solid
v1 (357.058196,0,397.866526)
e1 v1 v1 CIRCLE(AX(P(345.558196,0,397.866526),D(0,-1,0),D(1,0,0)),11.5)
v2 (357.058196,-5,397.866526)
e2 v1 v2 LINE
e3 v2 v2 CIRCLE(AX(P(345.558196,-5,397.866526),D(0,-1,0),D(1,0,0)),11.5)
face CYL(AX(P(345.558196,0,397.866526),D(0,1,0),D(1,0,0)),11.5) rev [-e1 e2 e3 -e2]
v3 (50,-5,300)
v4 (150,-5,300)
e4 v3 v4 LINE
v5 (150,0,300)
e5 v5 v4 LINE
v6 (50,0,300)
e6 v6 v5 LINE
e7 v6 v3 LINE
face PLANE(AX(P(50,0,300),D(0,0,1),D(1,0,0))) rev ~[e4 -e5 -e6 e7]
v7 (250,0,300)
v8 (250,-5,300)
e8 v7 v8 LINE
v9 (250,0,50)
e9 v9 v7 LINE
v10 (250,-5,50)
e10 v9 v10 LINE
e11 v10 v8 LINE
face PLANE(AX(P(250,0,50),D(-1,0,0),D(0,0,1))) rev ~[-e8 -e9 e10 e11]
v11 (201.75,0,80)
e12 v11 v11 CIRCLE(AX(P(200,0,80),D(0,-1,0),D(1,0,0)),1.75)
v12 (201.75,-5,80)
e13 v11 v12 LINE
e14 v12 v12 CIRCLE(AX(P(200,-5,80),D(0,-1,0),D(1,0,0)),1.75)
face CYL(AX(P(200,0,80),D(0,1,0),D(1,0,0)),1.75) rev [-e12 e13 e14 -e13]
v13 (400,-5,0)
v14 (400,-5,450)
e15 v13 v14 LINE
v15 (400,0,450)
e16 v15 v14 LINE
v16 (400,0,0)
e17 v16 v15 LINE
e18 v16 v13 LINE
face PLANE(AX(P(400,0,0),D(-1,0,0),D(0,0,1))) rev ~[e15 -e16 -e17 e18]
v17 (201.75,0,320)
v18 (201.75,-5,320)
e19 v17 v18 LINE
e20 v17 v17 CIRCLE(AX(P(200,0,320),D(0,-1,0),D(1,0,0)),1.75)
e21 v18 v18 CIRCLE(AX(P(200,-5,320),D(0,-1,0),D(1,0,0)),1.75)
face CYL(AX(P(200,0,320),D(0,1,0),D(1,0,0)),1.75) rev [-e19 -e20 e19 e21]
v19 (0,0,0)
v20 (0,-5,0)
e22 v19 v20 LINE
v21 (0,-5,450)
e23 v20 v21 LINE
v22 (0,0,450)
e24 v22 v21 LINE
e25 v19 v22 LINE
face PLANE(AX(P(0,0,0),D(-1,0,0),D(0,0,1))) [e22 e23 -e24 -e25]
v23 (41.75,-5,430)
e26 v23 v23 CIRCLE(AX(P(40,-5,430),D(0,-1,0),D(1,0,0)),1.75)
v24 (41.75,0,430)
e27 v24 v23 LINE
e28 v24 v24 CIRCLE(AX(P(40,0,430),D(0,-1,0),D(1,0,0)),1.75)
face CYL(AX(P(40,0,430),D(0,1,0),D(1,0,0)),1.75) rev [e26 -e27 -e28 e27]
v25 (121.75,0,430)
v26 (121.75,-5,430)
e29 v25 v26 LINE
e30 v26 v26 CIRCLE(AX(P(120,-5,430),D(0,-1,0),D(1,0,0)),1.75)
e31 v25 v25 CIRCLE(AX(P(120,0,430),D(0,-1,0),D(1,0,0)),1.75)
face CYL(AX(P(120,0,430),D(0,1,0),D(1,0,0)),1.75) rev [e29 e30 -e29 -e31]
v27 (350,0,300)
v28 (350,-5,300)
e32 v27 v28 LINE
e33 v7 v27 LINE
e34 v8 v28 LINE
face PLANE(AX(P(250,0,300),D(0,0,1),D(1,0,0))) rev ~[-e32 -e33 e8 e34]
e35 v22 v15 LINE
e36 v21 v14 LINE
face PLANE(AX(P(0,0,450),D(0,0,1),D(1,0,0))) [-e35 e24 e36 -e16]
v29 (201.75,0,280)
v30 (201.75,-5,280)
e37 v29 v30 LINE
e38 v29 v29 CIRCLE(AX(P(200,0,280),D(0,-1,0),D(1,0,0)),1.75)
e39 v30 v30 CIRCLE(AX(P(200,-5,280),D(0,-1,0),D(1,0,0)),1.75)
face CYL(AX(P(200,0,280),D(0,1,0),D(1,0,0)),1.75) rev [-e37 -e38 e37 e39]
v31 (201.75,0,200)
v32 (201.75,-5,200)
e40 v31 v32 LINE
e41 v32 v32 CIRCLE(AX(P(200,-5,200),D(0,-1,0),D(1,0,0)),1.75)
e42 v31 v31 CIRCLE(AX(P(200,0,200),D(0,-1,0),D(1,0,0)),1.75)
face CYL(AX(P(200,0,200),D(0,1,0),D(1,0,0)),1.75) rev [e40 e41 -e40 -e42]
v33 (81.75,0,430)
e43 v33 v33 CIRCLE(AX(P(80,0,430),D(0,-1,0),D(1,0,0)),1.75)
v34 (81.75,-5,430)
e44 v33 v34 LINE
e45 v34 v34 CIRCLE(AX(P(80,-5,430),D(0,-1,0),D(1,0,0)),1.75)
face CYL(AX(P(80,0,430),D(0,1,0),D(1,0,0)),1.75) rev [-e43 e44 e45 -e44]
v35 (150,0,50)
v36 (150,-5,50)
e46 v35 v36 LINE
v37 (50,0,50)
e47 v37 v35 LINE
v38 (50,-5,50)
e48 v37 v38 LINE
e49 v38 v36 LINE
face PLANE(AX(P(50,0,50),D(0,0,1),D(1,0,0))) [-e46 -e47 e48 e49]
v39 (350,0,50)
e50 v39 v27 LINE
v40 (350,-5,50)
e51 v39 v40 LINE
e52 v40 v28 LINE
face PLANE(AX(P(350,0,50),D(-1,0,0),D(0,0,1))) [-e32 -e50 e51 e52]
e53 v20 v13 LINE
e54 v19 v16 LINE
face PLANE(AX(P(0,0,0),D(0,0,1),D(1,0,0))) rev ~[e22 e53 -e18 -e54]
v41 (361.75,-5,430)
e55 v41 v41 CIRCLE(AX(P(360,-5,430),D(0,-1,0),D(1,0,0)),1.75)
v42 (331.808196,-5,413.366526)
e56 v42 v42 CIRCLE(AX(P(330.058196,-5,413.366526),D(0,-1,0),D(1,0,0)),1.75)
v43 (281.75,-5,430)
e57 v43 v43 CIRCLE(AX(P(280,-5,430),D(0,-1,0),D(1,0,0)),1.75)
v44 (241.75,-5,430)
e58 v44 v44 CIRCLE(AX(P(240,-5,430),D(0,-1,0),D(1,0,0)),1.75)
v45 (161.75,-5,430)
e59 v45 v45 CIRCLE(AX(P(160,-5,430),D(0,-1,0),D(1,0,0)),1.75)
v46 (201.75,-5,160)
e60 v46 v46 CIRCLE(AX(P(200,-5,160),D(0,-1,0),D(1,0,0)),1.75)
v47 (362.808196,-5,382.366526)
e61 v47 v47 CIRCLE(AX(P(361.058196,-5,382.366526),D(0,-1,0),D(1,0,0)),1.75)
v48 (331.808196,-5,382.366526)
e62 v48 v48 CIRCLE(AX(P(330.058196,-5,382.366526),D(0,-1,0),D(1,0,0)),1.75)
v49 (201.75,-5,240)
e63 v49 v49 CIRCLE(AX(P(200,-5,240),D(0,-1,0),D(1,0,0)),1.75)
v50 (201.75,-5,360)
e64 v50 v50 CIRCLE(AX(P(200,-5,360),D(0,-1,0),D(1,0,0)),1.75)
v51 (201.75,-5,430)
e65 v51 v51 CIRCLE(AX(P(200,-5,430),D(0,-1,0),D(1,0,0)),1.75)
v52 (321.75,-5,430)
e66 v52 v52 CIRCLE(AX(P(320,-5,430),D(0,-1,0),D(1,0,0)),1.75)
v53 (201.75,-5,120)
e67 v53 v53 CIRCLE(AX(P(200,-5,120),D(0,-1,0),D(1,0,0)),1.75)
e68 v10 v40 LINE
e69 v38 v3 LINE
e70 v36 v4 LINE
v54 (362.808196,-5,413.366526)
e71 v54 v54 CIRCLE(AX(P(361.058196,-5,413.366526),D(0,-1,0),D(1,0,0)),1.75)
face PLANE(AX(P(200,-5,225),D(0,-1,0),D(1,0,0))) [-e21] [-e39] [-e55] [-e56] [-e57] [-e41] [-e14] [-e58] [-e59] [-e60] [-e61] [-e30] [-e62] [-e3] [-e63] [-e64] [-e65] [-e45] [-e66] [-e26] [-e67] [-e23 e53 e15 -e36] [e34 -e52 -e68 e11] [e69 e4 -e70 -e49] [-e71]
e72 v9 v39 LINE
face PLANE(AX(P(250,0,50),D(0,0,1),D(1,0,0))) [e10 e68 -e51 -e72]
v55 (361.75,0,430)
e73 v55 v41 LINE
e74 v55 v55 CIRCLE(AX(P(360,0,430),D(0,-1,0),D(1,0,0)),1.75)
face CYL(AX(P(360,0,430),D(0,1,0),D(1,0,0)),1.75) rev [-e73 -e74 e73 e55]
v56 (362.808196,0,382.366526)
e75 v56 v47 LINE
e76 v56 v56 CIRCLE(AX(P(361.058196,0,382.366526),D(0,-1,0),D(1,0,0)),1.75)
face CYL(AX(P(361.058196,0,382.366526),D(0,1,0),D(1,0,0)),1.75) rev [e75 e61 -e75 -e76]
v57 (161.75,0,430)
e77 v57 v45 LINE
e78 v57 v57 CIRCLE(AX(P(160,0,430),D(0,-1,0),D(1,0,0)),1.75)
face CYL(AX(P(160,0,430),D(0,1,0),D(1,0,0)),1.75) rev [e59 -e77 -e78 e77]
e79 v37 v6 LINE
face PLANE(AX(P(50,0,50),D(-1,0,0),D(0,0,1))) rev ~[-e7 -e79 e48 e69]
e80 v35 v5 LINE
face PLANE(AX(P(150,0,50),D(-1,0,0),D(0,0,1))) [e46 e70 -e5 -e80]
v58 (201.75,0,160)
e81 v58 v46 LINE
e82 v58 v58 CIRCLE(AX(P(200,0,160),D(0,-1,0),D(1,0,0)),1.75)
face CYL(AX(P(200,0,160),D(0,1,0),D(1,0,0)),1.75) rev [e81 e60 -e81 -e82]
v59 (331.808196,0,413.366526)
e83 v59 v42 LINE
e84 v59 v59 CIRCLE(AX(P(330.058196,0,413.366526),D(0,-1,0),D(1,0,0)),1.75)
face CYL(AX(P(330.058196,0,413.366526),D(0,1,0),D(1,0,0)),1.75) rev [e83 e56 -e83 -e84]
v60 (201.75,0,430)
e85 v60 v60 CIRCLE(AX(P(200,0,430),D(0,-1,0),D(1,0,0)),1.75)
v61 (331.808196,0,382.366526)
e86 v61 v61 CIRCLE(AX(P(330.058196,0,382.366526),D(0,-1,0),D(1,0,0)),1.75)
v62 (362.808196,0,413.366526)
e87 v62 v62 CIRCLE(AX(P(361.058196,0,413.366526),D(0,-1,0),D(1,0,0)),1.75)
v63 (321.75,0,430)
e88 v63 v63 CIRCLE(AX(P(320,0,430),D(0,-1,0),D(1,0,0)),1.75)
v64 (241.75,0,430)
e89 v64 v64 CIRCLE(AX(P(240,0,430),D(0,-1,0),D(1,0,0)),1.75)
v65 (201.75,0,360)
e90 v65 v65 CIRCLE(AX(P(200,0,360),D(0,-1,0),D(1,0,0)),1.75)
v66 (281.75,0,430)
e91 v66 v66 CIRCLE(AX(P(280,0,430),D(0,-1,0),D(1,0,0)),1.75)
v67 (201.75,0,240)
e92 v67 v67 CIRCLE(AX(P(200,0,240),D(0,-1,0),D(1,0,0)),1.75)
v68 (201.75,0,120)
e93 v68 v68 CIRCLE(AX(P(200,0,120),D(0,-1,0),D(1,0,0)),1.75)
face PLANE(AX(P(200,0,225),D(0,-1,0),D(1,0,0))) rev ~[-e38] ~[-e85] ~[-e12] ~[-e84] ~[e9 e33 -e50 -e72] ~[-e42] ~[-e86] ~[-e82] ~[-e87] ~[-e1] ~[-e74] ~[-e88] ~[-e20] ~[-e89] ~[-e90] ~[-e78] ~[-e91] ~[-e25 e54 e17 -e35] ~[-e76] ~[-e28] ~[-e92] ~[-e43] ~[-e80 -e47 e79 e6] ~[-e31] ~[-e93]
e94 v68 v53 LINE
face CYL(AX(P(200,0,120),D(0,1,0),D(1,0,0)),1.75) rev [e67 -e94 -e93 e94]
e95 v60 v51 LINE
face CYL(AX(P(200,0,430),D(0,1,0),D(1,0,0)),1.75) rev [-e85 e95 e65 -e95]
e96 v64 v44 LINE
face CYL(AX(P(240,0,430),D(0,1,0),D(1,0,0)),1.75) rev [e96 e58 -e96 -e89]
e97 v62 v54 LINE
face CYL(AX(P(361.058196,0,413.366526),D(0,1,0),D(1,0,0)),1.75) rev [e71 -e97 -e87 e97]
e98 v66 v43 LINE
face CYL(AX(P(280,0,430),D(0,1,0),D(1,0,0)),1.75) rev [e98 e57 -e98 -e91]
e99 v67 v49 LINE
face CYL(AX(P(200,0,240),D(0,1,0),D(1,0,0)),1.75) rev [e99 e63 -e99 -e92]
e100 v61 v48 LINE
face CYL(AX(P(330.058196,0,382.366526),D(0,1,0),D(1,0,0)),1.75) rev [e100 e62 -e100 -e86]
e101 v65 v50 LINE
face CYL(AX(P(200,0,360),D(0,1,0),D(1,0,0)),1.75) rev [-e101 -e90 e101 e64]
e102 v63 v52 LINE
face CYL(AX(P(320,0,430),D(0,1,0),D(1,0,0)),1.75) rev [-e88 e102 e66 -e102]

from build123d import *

# Parameters (mm, degrees)
F0_W     = 400
F0_H     = 450
F0_W_2   = 100
F0_H_2   = 250
F0_R     = 1.75
F0_R_2   = 11.5
F1_DEPTH = 5


with BuildPart() as f1:
    # F0 (on Front) → F1 (new body)
    with BuildSketch(Plane.XZ):
        with Locations((200, 225)):
            Rectangle(F0_W, F0_H)
        with Locations((100, 175)):
            Rectangle(F0_W_2, F0_H_2, mode=Mode.SUBTRACT)
        with Locations((200, 80)):
            Circle(F0_R, mode=Mode.SUBTRACT)
        with Locations((200, 120)):
            Circle(F0_R, mode=Mode.SUBTRACT)
        with Locations((200, 160)):
            Circle(F0_R, mode=Mode.SUBTRACT)
        with Locations((200, 200)):
            Circle(F0_R, mode=Mode.SUBTRACT)
        with Locations((300, 175)):
            Rectangle(F0_W_2, F0_H_2, mode=Mode.SUBTRACT)
        with Locations((40, 430)):
            Circle(F0_R, mode=Mode.SUBTRACT)
        with Locations((80, 430)):
            Circle(F0_R, mode=Mode.SUBTRACT)
        with Locations((120, 430)):
            Circle(F0_R, mode=Mode.SUBTRACT)
        with Locations((160, 430)):
            Circle(F0_R, mode=Mode.SUBTRACT)
        with Locations((200, 240)):
            Circle(F0_R, mode=Mode.SUBTRACT)
        with Locations((200, 280)):
            Circle(F0_R, mode=Mode.SUBTRACT)
        with Locations((200, 320)):
            Circle(F0_R, mode=Mode.SUBTRACT)
        with Locations((200, 360)):
            Circle(F0_R, mode=Mode.SUBTRACT)
        with Locations((200, 430)):
            Circle(F0_R, mode=Mode.SUBTRACT)
        with Locations((240, 430)):
            Circle(F0_R, mode=Mode.SUBTRACT)
        with Locations((280, 430)):
            Circle(F0_R, mode=Mode.SUBTRACT)
        with Locations((330.058196, 382.366526)):
            Circle(F0_R, mode=Mode.SUBTRACT)
        with Locations((361.058196, 382.366526)):
            Circle(F0_R, mode=Mode.SUBTRACT)
        with Locations((345.558196, 397.866526)):
            Circle(F0_R_2, mode=Mode.SUBTRACT)
        with Locations((330.058196, 413.366526)):
            Circle(F0_R, mode=Mode.SUBTRACT)
        with Locations((320, 430)):
            Circle(F0_R, mode=Mode.SUBTRACT)
        with Locations((361.058196, 413.366526)):
            Circle(F0_R, mode=Mode.SUBTRACT)
        with Locations((360, 430)):
            Circle(F0_R, mode=Mode.SUBTRACT)
    extrude(amount=F1_DEPTH)


solid = f1.part
